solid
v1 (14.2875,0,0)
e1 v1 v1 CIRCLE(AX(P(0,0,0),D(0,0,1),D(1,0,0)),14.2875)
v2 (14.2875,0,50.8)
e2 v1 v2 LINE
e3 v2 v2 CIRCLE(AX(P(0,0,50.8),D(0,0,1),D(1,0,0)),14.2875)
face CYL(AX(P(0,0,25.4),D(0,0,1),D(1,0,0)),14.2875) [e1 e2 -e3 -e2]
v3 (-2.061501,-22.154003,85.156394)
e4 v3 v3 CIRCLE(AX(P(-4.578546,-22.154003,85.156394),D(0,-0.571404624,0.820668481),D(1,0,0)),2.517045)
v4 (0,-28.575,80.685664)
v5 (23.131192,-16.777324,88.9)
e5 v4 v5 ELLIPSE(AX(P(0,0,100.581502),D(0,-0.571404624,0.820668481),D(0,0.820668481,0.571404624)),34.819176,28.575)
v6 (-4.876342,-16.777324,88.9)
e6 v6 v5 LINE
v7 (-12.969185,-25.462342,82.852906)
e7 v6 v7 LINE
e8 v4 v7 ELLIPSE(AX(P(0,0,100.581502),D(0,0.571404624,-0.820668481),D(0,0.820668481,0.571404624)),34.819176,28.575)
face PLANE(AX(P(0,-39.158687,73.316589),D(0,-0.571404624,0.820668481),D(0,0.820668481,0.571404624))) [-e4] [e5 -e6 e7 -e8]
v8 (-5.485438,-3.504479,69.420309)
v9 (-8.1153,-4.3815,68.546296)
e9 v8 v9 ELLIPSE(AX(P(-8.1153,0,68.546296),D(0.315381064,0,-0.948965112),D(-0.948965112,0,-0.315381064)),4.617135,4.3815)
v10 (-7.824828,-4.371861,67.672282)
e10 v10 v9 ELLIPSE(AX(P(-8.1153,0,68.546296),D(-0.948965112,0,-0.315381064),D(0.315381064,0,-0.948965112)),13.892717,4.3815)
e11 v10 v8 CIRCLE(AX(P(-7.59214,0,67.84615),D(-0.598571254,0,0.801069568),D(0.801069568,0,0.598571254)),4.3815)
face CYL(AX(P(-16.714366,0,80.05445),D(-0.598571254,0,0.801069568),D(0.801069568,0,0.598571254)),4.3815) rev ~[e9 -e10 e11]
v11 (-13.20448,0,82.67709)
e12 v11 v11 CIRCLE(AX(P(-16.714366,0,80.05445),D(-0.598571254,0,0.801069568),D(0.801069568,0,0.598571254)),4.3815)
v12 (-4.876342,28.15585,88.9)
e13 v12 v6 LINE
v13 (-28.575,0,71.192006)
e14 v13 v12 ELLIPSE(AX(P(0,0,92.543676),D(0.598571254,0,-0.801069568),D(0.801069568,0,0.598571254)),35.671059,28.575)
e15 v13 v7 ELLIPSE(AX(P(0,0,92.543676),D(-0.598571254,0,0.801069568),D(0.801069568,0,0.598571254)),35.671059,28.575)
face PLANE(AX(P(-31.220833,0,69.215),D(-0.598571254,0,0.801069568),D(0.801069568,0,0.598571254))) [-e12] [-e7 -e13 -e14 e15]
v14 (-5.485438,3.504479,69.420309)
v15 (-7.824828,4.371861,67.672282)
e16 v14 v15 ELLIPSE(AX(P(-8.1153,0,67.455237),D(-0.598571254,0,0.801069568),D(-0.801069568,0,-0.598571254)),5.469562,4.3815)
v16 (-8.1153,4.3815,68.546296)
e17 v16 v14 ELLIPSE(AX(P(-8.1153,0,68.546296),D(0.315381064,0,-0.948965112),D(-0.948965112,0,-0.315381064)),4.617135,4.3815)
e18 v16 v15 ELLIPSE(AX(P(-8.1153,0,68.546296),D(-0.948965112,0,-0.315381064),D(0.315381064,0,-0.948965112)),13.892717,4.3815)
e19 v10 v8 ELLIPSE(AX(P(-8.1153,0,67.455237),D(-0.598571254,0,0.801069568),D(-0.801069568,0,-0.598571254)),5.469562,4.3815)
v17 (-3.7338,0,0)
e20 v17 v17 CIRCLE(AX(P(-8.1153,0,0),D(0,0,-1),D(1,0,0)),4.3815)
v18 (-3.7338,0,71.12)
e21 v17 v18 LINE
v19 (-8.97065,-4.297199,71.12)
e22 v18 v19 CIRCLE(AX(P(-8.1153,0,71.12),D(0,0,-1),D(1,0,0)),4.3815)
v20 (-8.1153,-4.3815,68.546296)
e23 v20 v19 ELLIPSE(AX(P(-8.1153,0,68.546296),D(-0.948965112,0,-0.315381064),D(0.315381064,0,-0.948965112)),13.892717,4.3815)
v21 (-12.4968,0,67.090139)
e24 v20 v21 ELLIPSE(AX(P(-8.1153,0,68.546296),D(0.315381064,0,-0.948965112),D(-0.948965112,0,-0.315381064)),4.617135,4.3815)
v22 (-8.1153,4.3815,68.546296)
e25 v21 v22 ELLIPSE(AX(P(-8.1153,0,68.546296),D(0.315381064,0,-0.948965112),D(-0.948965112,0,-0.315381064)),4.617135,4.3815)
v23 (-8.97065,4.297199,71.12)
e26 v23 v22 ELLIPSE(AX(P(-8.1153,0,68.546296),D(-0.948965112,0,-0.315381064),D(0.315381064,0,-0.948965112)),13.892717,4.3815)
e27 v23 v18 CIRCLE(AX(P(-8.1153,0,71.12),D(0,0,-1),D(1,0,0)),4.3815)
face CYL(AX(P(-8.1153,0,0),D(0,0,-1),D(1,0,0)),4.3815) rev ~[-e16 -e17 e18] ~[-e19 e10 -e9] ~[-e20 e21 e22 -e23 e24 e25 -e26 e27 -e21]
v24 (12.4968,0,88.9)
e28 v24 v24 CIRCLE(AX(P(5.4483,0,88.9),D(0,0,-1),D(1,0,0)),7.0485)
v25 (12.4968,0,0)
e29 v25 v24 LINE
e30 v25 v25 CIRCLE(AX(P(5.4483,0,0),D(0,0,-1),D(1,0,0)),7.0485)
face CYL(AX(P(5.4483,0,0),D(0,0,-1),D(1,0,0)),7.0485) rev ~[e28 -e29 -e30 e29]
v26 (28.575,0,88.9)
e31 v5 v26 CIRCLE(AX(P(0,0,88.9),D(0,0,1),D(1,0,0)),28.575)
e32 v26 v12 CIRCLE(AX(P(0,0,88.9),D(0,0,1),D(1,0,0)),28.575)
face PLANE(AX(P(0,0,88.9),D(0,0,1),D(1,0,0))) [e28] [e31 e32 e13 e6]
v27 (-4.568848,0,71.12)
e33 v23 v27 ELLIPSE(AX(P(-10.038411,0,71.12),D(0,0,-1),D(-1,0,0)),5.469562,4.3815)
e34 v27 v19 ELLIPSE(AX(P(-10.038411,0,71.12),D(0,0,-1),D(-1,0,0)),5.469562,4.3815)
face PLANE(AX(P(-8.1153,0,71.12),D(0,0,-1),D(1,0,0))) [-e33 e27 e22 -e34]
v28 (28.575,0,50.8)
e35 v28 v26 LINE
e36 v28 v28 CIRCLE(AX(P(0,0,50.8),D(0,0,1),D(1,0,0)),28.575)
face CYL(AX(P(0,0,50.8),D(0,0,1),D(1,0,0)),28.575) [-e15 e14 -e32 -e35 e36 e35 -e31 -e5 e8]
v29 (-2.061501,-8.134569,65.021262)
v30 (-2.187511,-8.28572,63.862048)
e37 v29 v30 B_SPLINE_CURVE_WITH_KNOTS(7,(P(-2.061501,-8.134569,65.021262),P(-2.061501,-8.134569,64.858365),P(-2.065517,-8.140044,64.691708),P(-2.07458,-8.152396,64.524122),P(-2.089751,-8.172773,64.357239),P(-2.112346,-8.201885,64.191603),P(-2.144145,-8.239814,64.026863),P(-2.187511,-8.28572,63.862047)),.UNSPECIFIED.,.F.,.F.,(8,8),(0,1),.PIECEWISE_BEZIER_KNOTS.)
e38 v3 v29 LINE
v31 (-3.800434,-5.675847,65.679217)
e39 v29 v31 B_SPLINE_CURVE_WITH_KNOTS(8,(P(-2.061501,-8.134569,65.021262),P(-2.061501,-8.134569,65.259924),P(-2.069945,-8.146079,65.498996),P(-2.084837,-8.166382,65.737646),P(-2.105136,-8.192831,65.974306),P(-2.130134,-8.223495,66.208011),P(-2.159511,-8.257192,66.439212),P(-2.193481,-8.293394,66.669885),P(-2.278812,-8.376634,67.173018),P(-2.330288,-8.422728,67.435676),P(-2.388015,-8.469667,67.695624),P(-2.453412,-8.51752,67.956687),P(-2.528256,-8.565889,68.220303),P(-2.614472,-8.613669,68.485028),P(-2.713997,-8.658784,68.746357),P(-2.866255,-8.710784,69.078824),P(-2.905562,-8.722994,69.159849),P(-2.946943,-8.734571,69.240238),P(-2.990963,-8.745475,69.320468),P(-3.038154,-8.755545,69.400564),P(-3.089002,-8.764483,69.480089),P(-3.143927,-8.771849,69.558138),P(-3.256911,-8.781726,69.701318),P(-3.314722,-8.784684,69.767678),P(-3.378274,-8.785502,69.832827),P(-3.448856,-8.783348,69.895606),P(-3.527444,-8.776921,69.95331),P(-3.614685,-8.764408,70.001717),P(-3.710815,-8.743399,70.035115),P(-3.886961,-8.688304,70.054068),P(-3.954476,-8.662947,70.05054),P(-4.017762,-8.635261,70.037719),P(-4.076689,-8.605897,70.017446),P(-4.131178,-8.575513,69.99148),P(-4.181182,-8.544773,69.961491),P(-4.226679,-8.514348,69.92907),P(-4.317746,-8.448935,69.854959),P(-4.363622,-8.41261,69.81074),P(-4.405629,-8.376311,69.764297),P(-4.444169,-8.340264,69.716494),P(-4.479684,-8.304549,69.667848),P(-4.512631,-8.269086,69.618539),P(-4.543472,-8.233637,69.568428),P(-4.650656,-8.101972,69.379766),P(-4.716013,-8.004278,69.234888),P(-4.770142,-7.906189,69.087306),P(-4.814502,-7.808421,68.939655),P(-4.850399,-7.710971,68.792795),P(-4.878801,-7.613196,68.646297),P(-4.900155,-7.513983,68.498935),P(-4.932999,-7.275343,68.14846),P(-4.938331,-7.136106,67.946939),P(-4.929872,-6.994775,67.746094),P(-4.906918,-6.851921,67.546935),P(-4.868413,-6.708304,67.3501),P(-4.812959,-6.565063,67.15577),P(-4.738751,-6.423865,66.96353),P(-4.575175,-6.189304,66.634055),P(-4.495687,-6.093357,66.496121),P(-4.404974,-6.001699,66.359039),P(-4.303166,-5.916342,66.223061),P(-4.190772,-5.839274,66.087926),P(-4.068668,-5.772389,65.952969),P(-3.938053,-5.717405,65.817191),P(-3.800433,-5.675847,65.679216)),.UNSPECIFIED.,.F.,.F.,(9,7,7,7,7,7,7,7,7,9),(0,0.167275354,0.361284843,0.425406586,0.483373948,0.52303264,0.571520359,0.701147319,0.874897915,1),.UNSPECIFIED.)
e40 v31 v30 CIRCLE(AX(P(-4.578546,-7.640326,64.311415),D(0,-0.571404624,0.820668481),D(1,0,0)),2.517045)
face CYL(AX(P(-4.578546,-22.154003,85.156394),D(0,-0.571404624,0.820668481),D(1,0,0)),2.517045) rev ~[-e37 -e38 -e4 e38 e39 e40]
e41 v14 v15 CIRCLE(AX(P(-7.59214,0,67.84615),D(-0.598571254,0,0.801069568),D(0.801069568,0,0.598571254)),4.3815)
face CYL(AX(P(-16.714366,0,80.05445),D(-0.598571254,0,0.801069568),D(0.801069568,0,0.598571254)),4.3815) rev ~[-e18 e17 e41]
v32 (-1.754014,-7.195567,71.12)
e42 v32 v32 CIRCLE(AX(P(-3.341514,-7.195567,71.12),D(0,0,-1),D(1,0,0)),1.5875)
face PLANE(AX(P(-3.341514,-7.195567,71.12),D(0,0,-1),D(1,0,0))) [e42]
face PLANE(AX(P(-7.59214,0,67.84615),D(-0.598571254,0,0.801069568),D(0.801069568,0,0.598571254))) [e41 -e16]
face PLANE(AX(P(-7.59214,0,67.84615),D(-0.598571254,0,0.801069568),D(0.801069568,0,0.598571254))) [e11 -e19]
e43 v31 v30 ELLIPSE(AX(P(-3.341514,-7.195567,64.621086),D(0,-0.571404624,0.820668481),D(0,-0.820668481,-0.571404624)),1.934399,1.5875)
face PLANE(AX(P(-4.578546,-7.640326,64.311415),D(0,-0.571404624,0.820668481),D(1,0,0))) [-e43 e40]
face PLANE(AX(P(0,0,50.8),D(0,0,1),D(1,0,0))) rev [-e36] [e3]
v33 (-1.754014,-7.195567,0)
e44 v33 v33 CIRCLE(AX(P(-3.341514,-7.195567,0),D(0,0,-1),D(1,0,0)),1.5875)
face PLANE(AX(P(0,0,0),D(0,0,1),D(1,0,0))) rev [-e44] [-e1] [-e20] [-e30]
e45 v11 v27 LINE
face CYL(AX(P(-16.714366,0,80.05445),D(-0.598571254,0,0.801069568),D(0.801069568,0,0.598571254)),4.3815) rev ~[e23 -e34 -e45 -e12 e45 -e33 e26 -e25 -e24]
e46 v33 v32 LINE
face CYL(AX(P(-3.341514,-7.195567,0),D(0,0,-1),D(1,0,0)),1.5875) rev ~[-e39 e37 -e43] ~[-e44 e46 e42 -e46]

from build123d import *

# Parameters (mm, degrees)
F0_W           = 14.2875
F0_H           = 50.8
F2_R           = 7.0485
F3_DEPTH       = 88.901
F2_R_2         = 4.3815
F2_R_3         = 1.5875
F4_DEPTH       = 71.12
F6_DEPTH       = 28.576
F6_DEPTH_BACK  = 28.576
F7_R           = 4.3815
F8_DEPTH       = 15.24
F10_DEPTH      = 28.576
F10_DEPTH_BACK = 28.576
F11_R          = 2.517044934
F12_DEPTH      = 25.4


with BuildPart() as f1:
    # F0 (on Front) → F1 (revolve)
    with BuildSketch(Plane.XZ):
        Polygon((0, 88.9), (0, 50.8), (14.2875, 50.8), (28.575, 50.8), (28.575, 88.9), align=None)
        with Locations((7.14375, 25.4)):
            Rectangle(F0_W, F0_H)
    revolve(axis=Axis((0, 0, 25.4), (0, 0, 1)))

    # F2 (on face) → F3 (cut, through all)
    with BuildSketch(Plane(origin=(0, 0, 0), x_dir=(1, 0, 0), z_dir=(0, 0, -1))):
        with Locations((5.4483, 0)):
            Circle(F2_R)
    extrude(amount=-F3_DEPTH, mode=Mode.SUBTRACT)

    # F2 (on face) → F4 (cut)
    with BuildSketch(Plane(origin=(0, 0, 0), x_dir=(1, 0, 0), z_dir=(0, 0, -1))):
        with Locations((-8.1153, 0)):
            Circle(F2_R_2)
        with Locations((-3.3415136859, 7.1955672465)):
            Circle(F2_R_3)
    extrude(amount=-F4_DEPTH, mode=Mode.SUBTRACT)

    # F5 (on Front) → F6 (cut, two sides)
    with BuildSketch(Plane.XZ) as f6_sk:
        Polygon((-31.2208328396, 69.2149996758), (0, 92.5436764956), (-31.2208328396, 92.4983397126), align=None)
    extrude(amount=-F6_DEPTH, mode=Mode.SUBTRACT)
    extrude(f6_sk.sketch, amount=F6_DEPTH_BACK, mode=Mode.SUBTRACT)

    # F7 (on face) → F8 (cut)
    with BuildSketch(Plane(origin=(-44.3744352731, 0, 59.3864297025), x_dir=(0.8010695685, 0, 0.5985712543), z_dir=(-0.5985712543, 0, 0.8010695685))):
        with Locations((34.5289222896, 0)):
            Circle(F7_R)
    extrude(amount=-F8_DEPTH, mode=Mode.SUBTRACT)

    # F9 (on Right) → F10 (cut, two sides)
    with BuildSketch(Plane.YZ) as f10_sk:
        Polygon((-39.1586869955, 73.3165889978), (-11.2496605143, 92.7487313747), (-39.1586869955, 97.8193457674), align=None)
    extrude(amount=-F10_DEPTH, mode=Mode.SUBTRACT)
    extrude(f10_sk.sketch, amount=F10_DEPTH_BACK, mode=Mode.SUBTRACT)

    # F11 (on face) → F12 (cut)
    with BuildSketch(Plane(origin=(0, -47.1660624195, 67.7413153706), x_dir=(1, 0, 0), z_dir=(0, -0.5714046236, 0.8206684812))):
        with Locations((-4.5785461552, 30.4776653647)):
            Circle(F11_R)
    extrude(amount=-F12_DEPTH, mode=Mode.SUBTRACT)


solid = f1.part
